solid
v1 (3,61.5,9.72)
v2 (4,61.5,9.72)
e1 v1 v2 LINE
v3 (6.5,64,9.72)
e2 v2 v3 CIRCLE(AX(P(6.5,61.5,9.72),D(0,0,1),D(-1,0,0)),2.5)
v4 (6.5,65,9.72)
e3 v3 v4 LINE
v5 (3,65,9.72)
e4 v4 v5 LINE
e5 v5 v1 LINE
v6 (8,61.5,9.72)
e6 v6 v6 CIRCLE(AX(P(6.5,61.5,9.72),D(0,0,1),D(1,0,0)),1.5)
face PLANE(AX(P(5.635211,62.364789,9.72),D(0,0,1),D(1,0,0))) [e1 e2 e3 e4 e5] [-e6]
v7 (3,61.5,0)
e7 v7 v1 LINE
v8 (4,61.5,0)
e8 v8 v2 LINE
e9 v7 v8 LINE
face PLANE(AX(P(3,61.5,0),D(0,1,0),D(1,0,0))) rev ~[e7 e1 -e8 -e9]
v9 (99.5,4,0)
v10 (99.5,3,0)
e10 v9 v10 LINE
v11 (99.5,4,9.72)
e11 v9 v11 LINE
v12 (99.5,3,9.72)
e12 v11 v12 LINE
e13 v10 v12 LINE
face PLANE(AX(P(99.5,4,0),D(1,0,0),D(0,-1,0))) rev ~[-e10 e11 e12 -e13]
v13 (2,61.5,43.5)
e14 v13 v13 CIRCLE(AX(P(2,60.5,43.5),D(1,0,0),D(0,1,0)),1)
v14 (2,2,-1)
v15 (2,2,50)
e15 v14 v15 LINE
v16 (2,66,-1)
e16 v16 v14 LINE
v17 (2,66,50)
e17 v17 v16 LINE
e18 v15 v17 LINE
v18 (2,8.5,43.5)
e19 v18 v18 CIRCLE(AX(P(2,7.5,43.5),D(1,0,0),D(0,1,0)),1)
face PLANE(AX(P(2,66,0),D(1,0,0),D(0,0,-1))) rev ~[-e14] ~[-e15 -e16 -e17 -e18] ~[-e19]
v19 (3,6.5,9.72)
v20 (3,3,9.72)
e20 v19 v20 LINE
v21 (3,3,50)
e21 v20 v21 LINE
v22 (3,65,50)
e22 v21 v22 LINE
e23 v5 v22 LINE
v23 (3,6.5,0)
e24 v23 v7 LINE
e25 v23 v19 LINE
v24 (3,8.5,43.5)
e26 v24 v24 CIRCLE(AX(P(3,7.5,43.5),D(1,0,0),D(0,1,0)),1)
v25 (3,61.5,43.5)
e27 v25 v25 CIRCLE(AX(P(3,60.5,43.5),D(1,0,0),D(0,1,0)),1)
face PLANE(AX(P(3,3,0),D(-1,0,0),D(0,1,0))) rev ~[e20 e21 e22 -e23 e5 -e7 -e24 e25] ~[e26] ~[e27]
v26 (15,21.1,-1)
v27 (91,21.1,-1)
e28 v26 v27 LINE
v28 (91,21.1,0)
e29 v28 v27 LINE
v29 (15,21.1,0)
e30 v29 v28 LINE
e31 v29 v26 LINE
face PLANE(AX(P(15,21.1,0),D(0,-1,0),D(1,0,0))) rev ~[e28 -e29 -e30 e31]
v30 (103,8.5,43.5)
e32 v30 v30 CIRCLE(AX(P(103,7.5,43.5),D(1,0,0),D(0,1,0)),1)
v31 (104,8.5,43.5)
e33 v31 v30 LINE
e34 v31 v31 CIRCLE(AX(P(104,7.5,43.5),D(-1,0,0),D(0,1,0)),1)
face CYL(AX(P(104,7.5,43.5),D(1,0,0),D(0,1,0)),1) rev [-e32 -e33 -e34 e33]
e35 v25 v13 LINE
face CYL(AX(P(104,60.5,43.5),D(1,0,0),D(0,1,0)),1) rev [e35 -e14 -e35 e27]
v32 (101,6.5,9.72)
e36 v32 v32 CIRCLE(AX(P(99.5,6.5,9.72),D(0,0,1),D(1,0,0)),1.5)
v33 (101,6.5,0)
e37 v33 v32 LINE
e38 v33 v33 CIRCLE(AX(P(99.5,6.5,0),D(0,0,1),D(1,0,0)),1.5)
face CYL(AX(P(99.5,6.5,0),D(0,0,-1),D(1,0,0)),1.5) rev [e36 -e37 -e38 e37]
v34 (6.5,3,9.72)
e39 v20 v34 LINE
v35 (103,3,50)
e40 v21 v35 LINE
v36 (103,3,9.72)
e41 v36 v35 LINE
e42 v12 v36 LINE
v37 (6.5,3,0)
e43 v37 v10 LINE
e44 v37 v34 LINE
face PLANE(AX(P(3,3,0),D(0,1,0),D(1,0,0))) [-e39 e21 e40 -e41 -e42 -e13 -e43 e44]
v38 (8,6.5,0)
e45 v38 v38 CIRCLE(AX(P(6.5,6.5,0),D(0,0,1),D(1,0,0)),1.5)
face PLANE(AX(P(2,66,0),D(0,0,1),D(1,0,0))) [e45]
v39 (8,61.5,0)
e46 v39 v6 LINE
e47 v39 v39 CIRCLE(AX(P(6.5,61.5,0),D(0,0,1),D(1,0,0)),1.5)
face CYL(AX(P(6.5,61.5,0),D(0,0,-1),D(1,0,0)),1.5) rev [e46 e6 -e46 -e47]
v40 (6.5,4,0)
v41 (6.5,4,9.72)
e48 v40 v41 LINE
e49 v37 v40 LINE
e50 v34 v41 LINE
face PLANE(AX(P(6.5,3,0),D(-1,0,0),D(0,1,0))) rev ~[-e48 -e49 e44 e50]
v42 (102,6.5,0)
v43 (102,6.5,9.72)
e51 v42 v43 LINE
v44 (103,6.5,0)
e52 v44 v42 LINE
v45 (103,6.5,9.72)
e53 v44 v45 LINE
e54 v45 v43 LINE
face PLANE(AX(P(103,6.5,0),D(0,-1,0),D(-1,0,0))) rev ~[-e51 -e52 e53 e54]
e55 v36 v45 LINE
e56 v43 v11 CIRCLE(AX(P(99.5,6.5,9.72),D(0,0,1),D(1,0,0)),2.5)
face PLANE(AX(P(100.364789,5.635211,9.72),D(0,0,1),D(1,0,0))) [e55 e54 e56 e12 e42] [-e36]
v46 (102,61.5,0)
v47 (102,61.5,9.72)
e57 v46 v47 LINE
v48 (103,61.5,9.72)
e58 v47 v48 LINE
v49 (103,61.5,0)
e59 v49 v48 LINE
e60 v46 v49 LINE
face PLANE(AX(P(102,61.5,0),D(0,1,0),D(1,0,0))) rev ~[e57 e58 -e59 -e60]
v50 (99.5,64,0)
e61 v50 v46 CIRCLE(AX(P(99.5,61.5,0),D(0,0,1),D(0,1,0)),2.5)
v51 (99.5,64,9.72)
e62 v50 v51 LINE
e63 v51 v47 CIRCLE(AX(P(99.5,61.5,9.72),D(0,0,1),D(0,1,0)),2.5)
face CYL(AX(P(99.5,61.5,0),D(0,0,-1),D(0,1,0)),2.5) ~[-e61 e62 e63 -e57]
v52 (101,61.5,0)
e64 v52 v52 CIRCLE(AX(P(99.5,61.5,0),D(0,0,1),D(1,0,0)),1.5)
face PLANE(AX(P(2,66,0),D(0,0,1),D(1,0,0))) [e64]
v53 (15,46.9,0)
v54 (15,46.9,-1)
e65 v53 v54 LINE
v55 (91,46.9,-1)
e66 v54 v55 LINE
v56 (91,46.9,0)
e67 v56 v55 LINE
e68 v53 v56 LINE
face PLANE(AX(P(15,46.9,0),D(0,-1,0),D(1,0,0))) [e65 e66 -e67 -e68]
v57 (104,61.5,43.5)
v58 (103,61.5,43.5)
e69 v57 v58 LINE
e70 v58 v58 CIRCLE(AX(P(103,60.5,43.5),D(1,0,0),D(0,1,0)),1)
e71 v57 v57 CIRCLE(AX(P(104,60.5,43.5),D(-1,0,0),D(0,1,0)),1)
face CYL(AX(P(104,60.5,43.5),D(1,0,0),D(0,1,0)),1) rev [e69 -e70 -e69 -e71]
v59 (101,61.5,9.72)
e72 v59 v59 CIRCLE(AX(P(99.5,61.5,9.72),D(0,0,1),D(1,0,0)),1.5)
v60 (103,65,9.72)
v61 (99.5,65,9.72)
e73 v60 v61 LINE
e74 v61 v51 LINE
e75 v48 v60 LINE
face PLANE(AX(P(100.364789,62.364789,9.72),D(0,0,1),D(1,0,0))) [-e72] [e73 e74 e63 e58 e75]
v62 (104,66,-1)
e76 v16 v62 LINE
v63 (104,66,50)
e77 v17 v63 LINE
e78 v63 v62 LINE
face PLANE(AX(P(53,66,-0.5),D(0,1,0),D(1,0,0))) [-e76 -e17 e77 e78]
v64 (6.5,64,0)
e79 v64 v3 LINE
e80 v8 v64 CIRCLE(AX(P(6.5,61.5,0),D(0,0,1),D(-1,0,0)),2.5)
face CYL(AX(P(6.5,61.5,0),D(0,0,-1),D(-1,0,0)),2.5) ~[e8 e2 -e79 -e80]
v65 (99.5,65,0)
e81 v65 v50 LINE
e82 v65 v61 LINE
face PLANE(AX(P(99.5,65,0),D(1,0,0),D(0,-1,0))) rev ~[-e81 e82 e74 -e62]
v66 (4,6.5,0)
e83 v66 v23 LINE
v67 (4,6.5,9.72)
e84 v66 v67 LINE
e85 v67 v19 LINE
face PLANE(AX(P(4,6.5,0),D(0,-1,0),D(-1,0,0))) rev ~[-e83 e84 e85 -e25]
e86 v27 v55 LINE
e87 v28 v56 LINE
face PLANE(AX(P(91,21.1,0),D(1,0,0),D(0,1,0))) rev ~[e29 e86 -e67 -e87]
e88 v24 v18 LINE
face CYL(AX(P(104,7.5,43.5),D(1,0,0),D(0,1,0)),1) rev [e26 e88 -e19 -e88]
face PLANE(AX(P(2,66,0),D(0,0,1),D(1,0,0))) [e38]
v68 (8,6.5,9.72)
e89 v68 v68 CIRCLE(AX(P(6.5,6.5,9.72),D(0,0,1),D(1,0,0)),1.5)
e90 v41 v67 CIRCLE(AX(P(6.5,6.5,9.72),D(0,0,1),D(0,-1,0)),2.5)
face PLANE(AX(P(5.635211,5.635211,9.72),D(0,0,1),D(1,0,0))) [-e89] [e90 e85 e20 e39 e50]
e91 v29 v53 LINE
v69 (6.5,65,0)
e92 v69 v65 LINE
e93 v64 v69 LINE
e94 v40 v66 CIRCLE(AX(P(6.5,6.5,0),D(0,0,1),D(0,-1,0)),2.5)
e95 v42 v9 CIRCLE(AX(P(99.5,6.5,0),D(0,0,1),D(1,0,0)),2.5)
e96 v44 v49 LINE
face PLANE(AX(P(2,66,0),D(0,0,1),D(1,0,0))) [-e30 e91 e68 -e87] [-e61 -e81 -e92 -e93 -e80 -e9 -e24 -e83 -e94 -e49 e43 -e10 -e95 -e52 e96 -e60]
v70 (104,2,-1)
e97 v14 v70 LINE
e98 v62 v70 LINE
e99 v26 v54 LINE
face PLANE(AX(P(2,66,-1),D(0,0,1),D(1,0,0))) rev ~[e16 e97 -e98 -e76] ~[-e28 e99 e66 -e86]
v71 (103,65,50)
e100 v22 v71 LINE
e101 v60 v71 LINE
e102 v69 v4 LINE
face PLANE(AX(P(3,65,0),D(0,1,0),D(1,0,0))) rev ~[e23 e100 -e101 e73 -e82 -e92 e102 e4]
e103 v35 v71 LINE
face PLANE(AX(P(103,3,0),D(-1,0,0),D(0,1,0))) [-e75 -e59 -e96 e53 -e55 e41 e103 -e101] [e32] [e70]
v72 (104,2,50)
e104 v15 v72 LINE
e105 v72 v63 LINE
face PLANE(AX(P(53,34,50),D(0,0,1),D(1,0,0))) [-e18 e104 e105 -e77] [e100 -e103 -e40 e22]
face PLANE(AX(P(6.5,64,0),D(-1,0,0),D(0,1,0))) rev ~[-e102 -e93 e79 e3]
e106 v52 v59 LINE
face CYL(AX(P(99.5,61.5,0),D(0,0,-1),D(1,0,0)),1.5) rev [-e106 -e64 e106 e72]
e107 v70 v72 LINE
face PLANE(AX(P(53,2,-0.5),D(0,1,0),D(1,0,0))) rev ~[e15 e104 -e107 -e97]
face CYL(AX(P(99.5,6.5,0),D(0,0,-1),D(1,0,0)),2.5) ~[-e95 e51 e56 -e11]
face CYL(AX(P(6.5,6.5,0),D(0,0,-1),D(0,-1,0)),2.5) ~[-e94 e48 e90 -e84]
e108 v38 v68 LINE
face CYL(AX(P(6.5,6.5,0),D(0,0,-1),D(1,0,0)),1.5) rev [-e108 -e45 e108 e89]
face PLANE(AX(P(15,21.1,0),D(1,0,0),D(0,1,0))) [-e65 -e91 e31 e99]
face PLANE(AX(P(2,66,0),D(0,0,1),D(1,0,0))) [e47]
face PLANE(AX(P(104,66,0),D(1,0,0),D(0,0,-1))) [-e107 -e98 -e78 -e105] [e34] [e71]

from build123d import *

# Parameters (mm, degrees)
SKETCH_1_W               = 102
SKETCH_1_H               = 64
EXTRUDE_1_DEPTH          = 50
SKETCH_1_3_R             = 1.5
EXTRUDE_2_DEPTH          = 9.72
SKETCH_4_W               = 102
SKETCH_4_H               = 1
EXTRUDE_3_DEPTH          = 64
SKETCH_1_5_W             = 76
SKETCH_1_5_H             = 25.8
CUT_EXTRUDE_1_DEPTH      = 1
CUT_EXTRUDE_2_DEPTH      = 102
CUT_EXTRUDE_2_DEPTH_BACK = 1
SKETCH_5_R               = 1


with BuildPart() as part:
    # Эскиз1 → Бобышка-Вытянуть1 (new body)
    with BuildSketch(Plane.XY):
        with Locations((53, 34)):
            Rectangle(SKETCH_1_W, SKETCH_1_H)
        Polygon((3, 61.5), (3, 65), (6.5, 65), (99.5, 65), (103, 65), (103, 61.5), (103, 6.5), (103, 3), (99.5, 3), (6.5, 3), (3, 3), (3, 6.5), align=None, mode=Mode.SUBTRACT)
    extrude(amount=EXTRUDE_1_DEPTH)

    # Эскиз1<3> → Бобышка-Вытянуть2 (add)
    # profile 1 of 4: a face of its own
    with BuildSketch(Plane.XY):
        with BuildLine():
            Line((6.5, 65), (3, 65))
            Line((3, 65), (3, 61.5))
            Line((3, 61.5), (4, 61.5))
            ThreePointArc((4, 61.5), (8.267766953, 59.732233047), (6.5, 64))
            Line((6.5, 64), (6.5, 65))
        make_face()
        with Locations((6.5, 61.5)):
            Circle(SKETCH_1_3_R, mode=Mode.SUBTRACT)
    # profile 2 of 4: a face of its own
    with BuildSketch(Plane.XY):
        with BuildLine():
            Line((103, 65), (99.5, 65))
            Line((99.5, 65), (99.5, 64))
            ThreePointArc((99.5, 64), (97.732233047, 59.732233047), (102, 61.5))
            Line((102, 61.5), (103, 61.5))
            Line((103, 61.5), (103, 65))
        make_face()
        with Locations((99.5, 61.5)):
            Circle(SKETCH_1_3_R, mode=Mode.SUBTRACT)
    # profile 3 of 4: a face of its own
    with BuildSketch(Plane.XY):
        with BuildLine():
            Line((4, 6.5), (3, 6.5))
            Line((3, 6.5), (3, 3))
            Line((3, 3), (6.5, 3))
            Line((6.5, 3), (6.5, 4))
            ThreePointArc((6.5, 4), (8.267766953, 8.267766953), (4, 6.5))
        make_face()
        with Locations((6.5, 6.5)):
            Circle(SKETCH_1_3_R, mode=Mode.SUBTRACT)
    # profile 4 of 4: a face of its own
    with BuildSketch(Plane.XY):
        with BuildLine():
            Line((103, 3), (103, 6.5))
            Line((103, 6.5), (102, 6.5))
            ThreePointArc((102, 6.5), (97.732233047, 8.267766953), (99.5, 4))
            Line((99.5, 4), (99.5, 3))
            Line((99.5, 3), (103, 3))
        make_face()
        with Locations((99.5, 6.5)):
            Circle(SKETCH_1_3_R, mode=Mode.SUBTRACT)
    extrude(amount=EXTRUDE_2_DEPTH)

    # Эскиз4 → Бобышка-Вытянуть3 (add)
    with BuildSketch(Plane(origin=(0, 66, 0), x_dir=(1, 0, 0), z_dir=(0, 1, 0))):
        with Locations((53, 0.5)):
            Rectangle(SKETCH_4_W, SKETCH_4_H)
    extrude(amount=-EXTRUDE_3_DEPTH)

    # Эскиз1<5> → Вырез-Вытянуть1 (cut)
    with BuildSketch(Plane.XY):
        with Locations((53, 34)):
            Rectangle(SKETCH_1_5_W, SKETCH_1_5_H)
    extrude(amount=-CUT_EXTRUDE_1_DEPTH, mode=Mode.SUBTRACT)

    # Эскиз5 → Вырез-Вытянуть2 (cut, two sides: drawn at the far end of the back side and taken through both)
    with BuildSketch(Plane.ZY.offset(-103).offset(-CUT_EXTRUDE_2_DEPTH_BACK)):
        with Locations((43.5, 7.5)):
            Circle(SKETCH_5_R)
        with Locations((43.5, 60.5)):
            Circle(SKETCH_5_R)
    extrude(amount=CUT_EXTRUDE_2_DEPTH + CUT_EXTRUDE_2_DEPTH_BACK, mode=Mode.SUBTRACT)


solid = part.part
